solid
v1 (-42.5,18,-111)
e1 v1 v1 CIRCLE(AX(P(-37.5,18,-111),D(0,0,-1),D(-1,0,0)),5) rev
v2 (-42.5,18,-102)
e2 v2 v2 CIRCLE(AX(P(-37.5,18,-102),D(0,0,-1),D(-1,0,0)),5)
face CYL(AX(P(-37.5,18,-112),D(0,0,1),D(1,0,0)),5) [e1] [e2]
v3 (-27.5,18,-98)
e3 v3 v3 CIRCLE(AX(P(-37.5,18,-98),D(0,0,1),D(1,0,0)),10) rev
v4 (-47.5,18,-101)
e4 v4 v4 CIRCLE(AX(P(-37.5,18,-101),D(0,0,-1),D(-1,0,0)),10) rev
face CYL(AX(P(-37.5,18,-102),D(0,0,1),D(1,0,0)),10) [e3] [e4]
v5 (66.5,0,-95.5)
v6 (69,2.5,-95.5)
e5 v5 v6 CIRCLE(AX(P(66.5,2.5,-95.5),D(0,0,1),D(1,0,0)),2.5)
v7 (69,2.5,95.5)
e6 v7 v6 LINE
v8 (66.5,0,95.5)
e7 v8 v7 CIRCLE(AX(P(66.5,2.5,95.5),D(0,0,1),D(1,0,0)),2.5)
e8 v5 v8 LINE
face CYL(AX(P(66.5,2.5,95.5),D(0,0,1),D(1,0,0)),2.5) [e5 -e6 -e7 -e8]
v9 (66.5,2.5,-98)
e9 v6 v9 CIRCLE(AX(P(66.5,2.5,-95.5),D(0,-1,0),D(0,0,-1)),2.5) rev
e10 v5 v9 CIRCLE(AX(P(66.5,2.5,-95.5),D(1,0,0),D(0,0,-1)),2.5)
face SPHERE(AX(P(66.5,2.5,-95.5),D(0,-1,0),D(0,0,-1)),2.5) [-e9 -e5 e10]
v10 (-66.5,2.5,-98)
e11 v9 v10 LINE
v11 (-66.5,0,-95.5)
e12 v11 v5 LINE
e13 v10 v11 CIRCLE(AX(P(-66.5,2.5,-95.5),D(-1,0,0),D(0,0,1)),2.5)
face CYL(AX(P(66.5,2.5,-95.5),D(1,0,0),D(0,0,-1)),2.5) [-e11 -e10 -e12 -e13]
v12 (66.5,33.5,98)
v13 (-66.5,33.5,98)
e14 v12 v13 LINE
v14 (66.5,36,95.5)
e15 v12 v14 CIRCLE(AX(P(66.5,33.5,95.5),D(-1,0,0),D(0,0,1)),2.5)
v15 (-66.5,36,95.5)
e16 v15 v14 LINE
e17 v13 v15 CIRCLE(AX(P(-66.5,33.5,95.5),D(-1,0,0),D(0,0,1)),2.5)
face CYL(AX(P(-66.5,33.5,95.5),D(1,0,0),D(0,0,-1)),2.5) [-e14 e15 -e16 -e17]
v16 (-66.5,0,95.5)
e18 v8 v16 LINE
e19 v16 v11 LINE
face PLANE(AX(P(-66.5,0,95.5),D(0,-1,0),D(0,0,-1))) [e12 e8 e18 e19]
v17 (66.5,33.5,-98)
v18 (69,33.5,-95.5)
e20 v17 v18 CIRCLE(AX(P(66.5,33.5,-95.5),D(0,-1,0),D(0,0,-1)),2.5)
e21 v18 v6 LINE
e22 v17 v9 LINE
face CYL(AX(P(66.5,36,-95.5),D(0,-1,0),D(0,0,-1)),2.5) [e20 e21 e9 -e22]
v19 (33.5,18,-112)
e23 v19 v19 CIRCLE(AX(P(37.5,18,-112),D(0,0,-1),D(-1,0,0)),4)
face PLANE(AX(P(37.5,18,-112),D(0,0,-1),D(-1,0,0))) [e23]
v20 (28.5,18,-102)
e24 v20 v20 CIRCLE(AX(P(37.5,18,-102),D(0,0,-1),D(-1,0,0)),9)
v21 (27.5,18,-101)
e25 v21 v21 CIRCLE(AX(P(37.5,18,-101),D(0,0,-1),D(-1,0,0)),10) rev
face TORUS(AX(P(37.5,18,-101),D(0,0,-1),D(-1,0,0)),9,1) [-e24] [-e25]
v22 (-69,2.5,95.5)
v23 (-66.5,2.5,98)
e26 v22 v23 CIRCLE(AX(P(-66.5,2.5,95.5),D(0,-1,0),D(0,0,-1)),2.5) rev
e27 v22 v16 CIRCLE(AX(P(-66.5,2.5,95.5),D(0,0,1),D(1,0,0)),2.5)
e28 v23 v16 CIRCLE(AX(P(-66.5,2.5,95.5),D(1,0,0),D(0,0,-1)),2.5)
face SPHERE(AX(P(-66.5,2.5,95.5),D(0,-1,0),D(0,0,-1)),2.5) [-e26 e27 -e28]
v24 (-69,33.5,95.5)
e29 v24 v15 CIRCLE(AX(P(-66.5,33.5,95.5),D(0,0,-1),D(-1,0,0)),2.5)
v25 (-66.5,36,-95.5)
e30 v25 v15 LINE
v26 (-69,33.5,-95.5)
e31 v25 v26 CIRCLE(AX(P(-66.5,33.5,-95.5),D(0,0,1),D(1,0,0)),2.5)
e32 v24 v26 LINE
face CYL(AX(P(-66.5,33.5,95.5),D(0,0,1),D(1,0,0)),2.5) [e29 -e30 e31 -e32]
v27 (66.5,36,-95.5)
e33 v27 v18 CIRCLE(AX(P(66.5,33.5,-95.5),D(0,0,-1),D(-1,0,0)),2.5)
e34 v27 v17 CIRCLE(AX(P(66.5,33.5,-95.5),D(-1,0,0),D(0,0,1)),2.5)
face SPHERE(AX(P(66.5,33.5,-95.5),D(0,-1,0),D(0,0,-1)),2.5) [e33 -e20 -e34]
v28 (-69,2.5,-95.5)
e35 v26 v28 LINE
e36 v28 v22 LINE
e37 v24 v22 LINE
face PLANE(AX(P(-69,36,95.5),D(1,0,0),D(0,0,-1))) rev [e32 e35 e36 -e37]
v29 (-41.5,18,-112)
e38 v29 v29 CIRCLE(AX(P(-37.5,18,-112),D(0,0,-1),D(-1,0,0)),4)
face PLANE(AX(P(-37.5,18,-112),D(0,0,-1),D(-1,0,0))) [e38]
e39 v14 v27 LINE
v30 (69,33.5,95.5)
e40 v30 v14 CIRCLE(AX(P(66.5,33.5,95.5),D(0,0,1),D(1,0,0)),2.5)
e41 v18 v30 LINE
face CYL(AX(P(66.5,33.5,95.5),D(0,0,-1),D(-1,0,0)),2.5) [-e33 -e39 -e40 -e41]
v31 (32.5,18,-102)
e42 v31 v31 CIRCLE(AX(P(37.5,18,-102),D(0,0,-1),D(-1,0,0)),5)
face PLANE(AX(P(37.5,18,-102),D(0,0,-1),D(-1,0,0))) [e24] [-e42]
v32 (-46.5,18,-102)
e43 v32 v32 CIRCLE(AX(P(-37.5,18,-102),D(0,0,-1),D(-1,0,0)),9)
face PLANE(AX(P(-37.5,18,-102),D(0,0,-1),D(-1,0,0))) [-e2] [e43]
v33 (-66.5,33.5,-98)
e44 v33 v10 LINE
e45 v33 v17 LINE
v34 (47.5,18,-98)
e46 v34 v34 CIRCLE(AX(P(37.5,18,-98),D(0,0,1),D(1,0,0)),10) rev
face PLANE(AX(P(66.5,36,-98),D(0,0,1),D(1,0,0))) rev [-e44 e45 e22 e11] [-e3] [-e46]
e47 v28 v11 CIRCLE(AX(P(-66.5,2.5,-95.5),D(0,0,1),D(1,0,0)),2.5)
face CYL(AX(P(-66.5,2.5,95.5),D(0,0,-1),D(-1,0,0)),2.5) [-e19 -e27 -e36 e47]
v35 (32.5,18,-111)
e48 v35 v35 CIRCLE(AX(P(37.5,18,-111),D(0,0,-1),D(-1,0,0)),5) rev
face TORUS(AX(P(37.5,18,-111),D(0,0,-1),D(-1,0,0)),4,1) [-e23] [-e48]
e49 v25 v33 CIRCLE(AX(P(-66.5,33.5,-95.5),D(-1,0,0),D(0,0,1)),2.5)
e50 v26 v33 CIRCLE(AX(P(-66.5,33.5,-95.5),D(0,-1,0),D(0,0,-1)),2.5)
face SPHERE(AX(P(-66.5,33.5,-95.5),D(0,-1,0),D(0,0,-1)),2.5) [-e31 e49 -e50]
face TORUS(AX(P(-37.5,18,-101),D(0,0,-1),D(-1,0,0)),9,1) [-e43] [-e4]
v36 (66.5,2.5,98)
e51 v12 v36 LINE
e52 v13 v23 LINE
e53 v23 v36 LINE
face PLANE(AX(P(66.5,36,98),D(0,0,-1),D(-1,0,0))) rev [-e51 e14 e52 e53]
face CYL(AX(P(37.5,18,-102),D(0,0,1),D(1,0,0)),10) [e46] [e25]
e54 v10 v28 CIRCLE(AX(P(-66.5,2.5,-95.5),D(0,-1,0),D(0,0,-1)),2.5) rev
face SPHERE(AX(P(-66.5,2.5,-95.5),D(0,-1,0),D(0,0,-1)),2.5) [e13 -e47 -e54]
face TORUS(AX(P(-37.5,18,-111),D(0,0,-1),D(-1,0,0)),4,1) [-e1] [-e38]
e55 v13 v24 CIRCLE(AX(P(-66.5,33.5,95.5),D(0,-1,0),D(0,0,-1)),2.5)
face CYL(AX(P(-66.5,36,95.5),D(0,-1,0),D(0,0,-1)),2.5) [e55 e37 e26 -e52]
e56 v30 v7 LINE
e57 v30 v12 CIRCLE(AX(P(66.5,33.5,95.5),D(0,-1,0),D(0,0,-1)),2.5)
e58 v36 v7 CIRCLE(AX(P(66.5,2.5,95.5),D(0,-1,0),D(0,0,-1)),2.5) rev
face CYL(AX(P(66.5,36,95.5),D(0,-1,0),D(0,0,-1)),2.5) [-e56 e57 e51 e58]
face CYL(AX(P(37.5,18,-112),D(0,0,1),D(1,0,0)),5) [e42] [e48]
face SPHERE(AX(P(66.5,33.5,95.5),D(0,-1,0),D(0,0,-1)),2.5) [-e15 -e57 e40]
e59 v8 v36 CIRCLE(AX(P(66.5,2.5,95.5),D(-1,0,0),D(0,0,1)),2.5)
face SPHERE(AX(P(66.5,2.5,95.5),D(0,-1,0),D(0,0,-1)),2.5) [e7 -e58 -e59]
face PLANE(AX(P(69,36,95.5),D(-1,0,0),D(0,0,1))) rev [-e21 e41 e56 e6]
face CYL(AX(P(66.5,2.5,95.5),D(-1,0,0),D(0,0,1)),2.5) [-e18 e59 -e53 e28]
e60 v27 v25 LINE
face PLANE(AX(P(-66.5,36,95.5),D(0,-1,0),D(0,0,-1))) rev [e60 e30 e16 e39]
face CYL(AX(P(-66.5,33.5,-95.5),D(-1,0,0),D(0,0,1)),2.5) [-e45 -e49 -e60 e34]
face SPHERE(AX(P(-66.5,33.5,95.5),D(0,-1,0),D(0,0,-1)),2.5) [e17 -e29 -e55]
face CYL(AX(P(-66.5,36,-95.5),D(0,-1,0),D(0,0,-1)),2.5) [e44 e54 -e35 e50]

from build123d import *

# Parameters (mm, degrees)
BOSS_EXTRUDE1_DEPTH = 36
FILLET1_R           = 2.5
SKETCH2_R           = 10
BOSS_EXTRUDE2_DEPTH = 4
SKETCH3_R           = 5
BOSS_EXTRUDE3_DEPTH = 10
FILLET2_R           = 1


with BuildPart() as part:
    # Sketch1 → Boss-Extrude1 (new body)
    with BuildSketch(Plane(origin=(0, 0, 0), x_dir=(1, 0, 0), z_dir=(0, 1, 0))):
        with BuildLine():
            Line((66.5, -98), (-66.5, -98))
            ThreePointArc((-66.5, -98), (-68.267766953, -97.267766953), (-69, -95.5))
            Line((-69, -95.5), (-69, 95.5))
            ThreePointArc((-69, 95.5), (-68.267766953, 97.267766953), (-66.5, 98))
            Line((-66.5, 98), (66.5, 98))
            ThreePointArc((66.5, 98), (68.267766953, 97.267766953), (69, 95.5))
            Line((69, 95.5), (69, -95.5))
            ThreePointArc((69, -95.5), (68.267766953, -97.267766953), (66.5, -98))
        make_face()
    extrude(amount=BOSS_EXTRUDE1_DEPTH)

    # Fillet1
    fillet1_edges = [part.edges().sort_by_distance(p)[0] for p in [
        (69, 0, 0),
        (68.267766953, 0, 97.267766953),
        (0, 0, 98),
        (-68.267766953, 0, 97.267766953),
        (68.267766953, 36, 97.267766953),
        (69, 36, 0),
        (68.267766953, 36, -97.267766953),
        (0, 36, -98),
        (-68.267766953, 36, -97.267766953),
        (-69, 36, 0),
        (-68.267766953, 36, 97.267766953),
        (-69, 0, 0),
        (0, 36, 98),
        (-68.267766953, 0, -97.267766953),
        (0, 0, -98),
        (68.267766953, 0, -97.267766953),
    ]]
    fillet(fillet1_edges, radius=FILLET1_R)

    # Sketch2 → Boss-Extrude2 (add)
    with BuildSketch(Plane(origin=(0, 0, -98), x_dir=(-1, 0, 0), z_dir=(0, 0, -1))):
        with Locations(Location((-37.5, 18, 0), (0, 0, 180))):
            Circle(SKETCH2_R)
        with Locations(Location((37.5, 18, 0), (0, 0, 180))):
            Circle(SKETCH2_R)
    extrude(amount=BOSS_EXTRUDE2_DEPTH)

    # Sketch3 → Boss-Extrude3 (add)
    with BuildSketch(Plane(origin=(0, 0, -102), x_dir=(-1, 0, 0), z_dir=(0, 0, -1))):
        with Locations((-37.5, 18)):
            Circle(SKETCH3_R)
        with Locations((37.5, 18)):
            Circle(SKETCH3_R)
    extrude(amount=BOSS_EXTRUDE3_DEPTH)

    # Fillet2
    fillet2_edges = [part.edges().sort_by_distance(p)[0] for p in [
        (27.5, 18, -102),
        (-47.5, 18, -102),
        (42.5, 18, -112),
        (-32.5, 18, -112),
    ]]
    fillet(fillet2_edges, radius=FILLET2_R)


solid = part.part
